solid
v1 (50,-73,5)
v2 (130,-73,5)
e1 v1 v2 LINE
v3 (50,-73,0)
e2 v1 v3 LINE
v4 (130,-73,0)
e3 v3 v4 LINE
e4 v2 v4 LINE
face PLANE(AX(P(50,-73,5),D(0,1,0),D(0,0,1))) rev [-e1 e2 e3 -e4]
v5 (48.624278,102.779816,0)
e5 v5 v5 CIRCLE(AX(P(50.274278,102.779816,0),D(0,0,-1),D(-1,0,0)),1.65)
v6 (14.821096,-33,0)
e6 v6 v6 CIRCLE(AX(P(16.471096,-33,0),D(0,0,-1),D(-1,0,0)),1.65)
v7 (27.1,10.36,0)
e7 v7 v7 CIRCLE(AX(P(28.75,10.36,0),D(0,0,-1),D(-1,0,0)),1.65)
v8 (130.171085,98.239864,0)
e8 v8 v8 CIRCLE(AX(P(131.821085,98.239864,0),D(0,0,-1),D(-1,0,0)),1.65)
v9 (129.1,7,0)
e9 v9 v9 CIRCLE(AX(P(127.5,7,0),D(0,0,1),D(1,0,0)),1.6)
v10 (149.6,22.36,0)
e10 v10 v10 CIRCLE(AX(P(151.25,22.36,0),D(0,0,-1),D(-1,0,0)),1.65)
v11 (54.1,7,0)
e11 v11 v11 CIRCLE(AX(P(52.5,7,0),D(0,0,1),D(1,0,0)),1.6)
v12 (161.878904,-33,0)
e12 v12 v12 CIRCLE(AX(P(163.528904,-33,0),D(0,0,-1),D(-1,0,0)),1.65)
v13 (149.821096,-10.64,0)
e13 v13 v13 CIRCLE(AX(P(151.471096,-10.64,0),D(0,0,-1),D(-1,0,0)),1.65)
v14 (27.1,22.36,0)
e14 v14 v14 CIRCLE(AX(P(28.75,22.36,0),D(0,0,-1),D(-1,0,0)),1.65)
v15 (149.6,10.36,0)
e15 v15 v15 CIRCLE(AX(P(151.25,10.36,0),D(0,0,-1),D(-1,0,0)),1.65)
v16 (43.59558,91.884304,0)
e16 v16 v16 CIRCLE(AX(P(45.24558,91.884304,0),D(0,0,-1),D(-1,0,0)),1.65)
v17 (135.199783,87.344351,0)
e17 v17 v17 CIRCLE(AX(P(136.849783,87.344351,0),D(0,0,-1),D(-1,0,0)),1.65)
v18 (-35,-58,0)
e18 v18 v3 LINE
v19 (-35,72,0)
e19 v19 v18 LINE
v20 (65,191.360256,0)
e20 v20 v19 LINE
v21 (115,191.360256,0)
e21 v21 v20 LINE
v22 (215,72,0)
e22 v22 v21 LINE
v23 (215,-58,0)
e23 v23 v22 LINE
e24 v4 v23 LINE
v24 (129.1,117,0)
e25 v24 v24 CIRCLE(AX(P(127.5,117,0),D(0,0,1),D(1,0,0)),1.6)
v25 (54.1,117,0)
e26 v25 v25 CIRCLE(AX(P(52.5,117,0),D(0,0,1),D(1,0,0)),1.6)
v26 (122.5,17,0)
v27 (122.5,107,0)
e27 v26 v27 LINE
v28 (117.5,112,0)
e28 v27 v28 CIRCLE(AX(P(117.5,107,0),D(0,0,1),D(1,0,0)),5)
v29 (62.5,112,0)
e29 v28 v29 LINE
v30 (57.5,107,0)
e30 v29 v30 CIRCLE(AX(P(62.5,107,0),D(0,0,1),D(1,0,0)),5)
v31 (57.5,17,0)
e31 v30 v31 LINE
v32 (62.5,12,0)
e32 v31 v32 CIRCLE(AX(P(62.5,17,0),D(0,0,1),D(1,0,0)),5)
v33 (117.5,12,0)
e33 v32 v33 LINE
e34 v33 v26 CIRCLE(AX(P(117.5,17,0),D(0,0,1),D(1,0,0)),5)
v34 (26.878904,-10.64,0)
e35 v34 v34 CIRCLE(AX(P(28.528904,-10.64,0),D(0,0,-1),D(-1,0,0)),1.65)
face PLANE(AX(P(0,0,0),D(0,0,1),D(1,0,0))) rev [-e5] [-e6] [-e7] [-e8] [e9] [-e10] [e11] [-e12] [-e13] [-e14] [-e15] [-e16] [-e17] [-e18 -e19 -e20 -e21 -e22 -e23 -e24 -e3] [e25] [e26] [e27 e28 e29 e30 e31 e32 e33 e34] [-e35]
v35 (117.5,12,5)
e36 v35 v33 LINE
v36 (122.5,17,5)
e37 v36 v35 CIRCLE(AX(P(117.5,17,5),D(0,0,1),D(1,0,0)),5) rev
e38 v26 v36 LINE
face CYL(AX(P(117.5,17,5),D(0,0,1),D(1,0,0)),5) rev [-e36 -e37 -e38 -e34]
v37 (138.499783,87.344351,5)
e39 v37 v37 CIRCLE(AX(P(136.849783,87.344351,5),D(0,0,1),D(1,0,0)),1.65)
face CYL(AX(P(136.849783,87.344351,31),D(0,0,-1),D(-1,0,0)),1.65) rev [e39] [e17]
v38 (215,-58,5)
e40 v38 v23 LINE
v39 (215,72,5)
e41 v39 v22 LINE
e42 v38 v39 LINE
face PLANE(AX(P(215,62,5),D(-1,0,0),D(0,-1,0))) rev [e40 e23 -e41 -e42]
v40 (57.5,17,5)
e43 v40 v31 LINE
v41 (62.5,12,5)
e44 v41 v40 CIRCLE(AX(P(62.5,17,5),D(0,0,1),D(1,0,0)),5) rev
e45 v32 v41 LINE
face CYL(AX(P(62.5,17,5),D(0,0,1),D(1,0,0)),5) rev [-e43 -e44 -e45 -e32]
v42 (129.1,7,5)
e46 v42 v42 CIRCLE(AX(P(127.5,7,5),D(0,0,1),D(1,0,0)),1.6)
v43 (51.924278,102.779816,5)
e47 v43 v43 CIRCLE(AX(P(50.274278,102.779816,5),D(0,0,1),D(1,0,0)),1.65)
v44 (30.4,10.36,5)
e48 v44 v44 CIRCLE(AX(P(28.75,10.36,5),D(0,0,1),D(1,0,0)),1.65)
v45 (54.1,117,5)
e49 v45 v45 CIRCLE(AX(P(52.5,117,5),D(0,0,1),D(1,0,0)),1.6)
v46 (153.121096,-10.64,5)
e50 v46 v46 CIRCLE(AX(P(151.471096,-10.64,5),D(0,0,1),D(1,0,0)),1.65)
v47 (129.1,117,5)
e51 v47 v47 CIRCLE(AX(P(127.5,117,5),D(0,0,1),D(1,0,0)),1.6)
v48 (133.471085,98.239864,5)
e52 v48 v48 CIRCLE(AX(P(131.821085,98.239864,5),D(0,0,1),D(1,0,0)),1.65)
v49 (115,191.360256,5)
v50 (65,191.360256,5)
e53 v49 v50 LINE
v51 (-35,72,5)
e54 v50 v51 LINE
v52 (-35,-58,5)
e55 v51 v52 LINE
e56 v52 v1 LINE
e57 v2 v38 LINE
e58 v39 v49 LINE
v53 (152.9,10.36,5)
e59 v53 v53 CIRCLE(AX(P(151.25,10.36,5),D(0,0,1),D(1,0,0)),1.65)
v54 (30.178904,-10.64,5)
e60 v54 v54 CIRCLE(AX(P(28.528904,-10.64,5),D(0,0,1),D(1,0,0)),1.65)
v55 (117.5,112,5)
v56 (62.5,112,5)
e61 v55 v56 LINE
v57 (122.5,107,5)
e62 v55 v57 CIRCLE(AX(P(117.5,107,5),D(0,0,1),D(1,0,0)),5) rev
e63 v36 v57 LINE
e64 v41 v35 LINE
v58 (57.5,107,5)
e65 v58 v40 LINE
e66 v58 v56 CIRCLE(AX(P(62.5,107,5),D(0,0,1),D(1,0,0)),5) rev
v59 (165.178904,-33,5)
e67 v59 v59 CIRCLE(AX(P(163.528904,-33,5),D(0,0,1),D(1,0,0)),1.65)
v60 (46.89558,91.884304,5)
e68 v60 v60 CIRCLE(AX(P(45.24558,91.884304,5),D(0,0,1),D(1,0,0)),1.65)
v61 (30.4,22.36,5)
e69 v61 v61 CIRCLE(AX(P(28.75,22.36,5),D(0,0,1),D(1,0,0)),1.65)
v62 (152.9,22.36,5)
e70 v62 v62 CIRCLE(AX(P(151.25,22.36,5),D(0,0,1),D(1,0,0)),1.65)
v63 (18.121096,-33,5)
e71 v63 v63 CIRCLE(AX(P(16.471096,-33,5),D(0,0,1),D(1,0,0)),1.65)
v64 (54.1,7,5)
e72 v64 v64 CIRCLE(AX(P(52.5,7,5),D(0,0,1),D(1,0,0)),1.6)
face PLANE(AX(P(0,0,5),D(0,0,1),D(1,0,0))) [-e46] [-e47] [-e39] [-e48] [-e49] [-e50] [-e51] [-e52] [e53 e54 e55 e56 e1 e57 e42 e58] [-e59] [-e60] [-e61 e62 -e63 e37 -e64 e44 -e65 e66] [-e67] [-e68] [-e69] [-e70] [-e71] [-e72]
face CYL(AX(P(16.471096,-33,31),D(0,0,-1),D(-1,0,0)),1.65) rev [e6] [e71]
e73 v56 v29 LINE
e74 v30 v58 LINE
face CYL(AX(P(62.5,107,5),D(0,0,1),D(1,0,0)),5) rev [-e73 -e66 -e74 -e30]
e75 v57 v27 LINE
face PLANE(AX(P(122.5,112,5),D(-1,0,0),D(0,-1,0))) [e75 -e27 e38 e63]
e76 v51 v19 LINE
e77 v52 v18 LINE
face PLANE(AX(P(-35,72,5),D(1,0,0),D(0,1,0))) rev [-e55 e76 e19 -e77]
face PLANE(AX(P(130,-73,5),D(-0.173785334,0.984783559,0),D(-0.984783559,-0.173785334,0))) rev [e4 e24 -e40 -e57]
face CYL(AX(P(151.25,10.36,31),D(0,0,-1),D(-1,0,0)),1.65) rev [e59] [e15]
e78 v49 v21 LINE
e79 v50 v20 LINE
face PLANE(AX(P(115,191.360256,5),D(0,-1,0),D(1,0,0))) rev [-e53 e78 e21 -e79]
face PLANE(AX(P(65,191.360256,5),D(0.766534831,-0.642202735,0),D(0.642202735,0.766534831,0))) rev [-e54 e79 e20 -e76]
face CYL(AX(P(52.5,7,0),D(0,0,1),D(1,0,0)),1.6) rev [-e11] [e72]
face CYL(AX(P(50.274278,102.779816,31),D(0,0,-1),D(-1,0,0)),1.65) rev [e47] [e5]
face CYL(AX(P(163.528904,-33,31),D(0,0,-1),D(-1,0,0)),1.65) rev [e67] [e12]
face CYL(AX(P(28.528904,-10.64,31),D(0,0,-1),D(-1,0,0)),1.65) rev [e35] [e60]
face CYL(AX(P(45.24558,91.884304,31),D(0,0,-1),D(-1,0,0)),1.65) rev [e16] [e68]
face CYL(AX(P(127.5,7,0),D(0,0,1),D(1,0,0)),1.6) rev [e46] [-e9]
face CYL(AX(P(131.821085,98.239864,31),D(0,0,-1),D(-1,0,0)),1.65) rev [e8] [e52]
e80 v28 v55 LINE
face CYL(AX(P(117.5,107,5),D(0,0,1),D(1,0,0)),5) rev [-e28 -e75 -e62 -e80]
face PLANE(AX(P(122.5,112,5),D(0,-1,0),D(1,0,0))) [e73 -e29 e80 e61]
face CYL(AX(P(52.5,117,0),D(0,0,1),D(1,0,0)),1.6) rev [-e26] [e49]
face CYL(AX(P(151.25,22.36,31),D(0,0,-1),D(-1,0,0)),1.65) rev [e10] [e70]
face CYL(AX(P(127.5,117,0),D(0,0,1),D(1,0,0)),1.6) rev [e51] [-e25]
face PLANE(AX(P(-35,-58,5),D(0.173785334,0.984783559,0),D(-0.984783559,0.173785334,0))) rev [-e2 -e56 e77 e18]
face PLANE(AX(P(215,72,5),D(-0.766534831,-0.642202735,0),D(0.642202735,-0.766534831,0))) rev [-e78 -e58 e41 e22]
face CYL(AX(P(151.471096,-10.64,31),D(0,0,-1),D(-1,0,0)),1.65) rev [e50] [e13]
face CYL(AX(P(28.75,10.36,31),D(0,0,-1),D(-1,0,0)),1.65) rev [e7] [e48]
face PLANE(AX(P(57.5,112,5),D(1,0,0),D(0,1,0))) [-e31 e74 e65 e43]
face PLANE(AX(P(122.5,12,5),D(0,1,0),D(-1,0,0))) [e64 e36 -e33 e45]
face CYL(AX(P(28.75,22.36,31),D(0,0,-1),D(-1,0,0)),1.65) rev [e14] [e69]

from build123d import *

# Parameters (mm, degrees)
SKETCH_1_W                  = 65
SKETCH_1_H                  = 100
EXTRUDE_1_DEPTH             = 5
SKETCH_2_R                  = 1.6
CUT_EXTRUDE_1_DEPTH         = 5
PATTERN_LINEAR_1_COUNT      = 2
PATTERN_LINEAR_1_PITCH      = 75
PATTERN_LINEAR_1_COUNT_DIR2 = 2
PATTERN_LINEAR_1_PITCH_DIR2 = 110
FILLET_1_R                  = 5
SKETCH_4_R                  = 1.65
CUT_EXTRUDE_2_DEPTH         = 31


with BuildPart() as part:
    # Эскиз1 → Бобышка-Вытянуть1 (new body)
    with BuildSketch(Plane.XY):
        Polygon((-35, -48), (-35, -58), (50, -73), (130, -73), (215, -58), (215, -48), (215, 62), (215, 72), (115, 191.360256276), (65, 191.360256276), (-35, 72), (-35, 62), align=None)
        with Locations((90, 62)):
            Rectangle(SKETCH_1_W, SKETCH_1_H, mode=Mode.SUBTRACT)
    extrude(amount=EXTRUDE_1_DEPTH)

    # Эскиз2 → Вырез-Вытянуть1 (cut)
    with BuildSketch(Plane.XY.offset(5)):
        with Locations((52.5, 7)):
            Circle(SKETCH_2_R)
    cut_extrude_1 = extrude(amount=-CUT_EXTRUDE_1_DEPTH, mode=Mode.SUBTRACT)

    # Линейный массив1: Cut-Extrude 1 2 × 2
    with Locations(*[(i * PATTERN_LINEAR_1_PITCH, j * PATTERN_LINEAR_1_PITCH_DIR2, 0) for i in range(PATTERN_LINEAR_1_COUNT) for j in range(PATTERN_LINEAR_1_COUNT_DIR2) if (i, j) != (0, 0)]):
        add(cut_extrude_1, mode=Mode.SUBTRACT)

    # Скругление1
    fillet_1_edges = [part.edges().sort_by_distance(p)[0] for p in [
        (122.5, 112, 2.5),
        (57.5, 112, 2.5),
        (57.5, 12, 2.5),
        (122.5, 12, 2.5),
    ]]
    fillet(fillet_1_edges, radius=FILLET_1_R)

    # Эскиз4 → Вырез-Вытянуть2 (cut)
    with BuildSketch(Plane(origin=(0, 0, 0), x_dir=(-1, 0, 0), z_dir=(0, 0, -1))):
        with Locations((-16.471095772, -33)):
            Circle(SKETCH_4_R)
        with Locations((-28.528904228, -10.64)):
            Circle(SKETCH_4_R)
        with Locations((-28.75, 22.36)):
            Circle(SKETCH_4_R)
        with Locations((-28.75, 10.36)):
            Circle(SKETCH_4_R)
        with Locations((-45.245579603, 91.884303707)):
            Circle(SKETCH_4_R)
        with Locations((-50.274277733, 102.779816321)):
            Circle(SKETCH_4_R)
        with Locations((-131.821084869, 98.239864017)):
            Circle(SKETCH_4_R)
        with Locations((-136.849782999, 87.344351403)):
            Circle(SKETCH_4_R)
        with Locations((-151.471095772, -10.64)):
            Circle(SKETCH_4_R)
        with Locations((-163.528904228, -33)):
            Circle(SKETCH_4_R)
        with Locations((-151.25, 22.36)):
            Circle(SKETCH_4_R)
        with Locations((-151.25, 10.36)):
            Circle(SKETCH_4_R)
    extrude(amount=-CUT_EXTRUDE_2_DEPTH, mode=Mode.SUBTRACT)


solid = part.part
